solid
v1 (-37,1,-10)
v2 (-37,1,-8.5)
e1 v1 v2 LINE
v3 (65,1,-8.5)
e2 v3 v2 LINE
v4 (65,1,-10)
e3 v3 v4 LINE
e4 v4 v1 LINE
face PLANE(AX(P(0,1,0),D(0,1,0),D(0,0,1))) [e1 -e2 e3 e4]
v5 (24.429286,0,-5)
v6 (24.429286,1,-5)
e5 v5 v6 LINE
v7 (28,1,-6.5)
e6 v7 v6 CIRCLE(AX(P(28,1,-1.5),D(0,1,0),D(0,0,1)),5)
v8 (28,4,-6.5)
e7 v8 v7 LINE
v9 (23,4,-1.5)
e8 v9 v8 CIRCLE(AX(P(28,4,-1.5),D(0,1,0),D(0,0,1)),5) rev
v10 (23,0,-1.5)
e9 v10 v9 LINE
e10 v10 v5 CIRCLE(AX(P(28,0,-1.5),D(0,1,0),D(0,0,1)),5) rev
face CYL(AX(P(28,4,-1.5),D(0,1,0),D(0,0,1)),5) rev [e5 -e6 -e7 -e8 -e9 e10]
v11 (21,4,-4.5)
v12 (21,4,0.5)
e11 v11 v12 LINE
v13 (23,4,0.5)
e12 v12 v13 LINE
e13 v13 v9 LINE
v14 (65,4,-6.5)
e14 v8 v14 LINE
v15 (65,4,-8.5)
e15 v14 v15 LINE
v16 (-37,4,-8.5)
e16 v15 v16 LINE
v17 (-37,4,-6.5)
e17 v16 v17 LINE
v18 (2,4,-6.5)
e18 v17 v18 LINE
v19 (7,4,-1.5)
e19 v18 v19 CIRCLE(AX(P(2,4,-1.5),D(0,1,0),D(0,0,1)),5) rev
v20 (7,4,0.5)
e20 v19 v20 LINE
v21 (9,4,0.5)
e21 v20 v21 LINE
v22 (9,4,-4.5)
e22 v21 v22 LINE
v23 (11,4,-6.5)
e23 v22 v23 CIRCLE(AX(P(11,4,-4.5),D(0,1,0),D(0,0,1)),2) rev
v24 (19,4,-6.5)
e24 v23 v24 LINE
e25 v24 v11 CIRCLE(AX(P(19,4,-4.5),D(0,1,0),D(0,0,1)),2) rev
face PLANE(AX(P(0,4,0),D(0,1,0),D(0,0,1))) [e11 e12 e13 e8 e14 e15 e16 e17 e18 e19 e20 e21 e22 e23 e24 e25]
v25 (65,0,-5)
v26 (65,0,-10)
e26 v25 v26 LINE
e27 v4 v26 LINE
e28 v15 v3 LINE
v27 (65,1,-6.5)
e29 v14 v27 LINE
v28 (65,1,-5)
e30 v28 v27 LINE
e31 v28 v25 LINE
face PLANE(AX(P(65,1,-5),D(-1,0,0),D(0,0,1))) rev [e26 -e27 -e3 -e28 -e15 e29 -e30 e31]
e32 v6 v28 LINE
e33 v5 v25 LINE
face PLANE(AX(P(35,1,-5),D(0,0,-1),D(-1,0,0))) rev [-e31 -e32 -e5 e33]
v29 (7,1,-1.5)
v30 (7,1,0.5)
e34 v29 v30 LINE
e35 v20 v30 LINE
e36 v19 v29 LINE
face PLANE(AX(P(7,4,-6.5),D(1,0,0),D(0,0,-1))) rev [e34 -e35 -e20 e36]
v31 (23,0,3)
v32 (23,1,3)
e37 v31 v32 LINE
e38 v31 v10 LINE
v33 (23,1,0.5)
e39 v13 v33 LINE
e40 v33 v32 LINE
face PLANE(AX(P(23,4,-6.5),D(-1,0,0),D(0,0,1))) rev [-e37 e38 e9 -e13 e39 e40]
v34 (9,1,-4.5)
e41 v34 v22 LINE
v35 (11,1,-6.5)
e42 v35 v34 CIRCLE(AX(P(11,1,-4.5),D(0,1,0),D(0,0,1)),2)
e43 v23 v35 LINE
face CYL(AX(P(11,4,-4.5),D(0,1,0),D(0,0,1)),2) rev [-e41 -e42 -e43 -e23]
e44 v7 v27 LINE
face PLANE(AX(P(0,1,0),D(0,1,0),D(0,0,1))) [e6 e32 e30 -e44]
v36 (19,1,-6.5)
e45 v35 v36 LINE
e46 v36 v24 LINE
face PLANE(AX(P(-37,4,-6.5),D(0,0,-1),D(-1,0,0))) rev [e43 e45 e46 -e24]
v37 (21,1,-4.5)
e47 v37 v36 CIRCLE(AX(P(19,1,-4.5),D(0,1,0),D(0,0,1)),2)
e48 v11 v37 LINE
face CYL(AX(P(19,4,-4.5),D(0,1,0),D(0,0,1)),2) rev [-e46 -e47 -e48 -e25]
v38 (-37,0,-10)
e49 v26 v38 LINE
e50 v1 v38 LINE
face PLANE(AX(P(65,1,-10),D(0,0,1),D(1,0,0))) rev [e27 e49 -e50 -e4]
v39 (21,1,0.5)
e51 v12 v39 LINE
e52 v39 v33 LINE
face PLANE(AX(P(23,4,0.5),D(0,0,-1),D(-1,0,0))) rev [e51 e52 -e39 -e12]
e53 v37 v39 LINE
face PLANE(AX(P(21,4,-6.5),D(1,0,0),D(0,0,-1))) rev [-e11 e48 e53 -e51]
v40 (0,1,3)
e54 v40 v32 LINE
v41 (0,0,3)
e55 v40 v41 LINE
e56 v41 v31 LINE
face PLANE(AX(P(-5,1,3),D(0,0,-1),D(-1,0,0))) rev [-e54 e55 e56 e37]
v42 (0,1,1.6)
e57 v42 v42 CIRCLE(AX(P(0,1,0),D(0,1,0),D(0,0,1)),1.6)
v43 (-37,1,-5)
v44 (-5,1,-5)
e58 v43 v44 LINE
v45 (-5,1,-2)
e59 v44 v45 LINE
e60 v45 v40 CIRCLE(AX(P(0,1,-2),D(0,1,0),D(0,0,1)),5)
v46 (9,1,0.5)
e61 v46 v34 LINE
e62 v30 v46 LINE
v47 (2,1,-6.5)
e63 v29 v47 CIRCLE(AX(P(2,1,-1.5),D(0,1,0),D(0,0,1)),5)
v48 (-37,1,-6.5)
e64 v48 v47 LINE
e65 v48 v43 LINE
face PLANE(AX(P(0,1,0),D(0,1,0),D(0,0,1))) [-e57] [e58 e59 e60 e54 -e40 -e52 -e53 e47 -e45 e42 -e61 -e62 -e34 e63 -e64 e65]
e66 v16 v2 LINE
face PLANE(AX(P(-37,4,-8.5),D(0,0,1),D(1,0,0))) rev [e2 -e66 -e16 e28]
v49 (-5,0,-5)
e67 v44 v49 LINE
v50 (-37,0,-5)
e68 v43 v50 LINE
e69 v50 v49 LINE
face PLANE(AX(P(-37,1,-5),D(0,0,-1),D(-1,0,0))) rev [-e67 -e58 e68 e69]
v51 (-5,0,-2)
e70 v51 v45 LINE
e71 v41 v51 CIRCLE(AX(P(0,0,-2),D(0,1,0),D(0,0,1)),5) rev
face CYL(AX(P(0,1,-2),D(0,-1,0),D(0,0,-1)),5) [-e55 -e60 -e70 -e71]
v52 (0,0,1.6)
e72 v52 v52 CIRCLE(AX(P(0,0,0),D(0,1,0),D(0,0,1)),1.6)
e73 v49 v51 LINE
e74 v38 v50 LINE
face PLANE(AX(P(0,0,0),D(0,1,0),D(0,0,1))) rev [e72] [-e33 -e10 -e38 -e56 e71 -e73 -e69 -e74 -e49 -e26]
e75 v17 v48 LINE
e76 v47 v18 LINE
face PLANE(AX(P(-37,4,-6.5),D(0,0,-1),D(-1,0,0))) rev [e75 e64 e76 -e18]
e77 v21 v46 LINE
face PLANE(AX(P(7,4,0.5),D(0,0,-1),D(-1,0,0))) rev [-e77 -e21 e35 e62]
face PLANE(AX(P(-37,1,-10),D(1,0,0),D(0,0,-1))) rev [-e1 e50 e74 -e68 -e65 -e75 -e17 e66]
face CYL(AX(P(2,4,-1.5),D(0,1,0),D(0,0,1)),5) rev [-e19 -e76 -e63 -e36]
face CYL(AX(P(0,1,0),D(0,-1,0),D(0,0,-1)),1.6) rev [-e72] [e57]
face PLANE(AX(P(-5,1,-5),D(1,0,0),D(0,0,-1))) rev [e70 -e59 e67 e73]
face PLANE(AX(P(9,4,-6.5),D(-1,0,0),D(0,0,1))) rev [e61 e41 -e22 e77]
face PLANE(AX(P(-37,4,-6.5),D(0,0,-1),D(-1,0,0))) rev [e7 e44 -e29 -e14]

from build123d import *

# Parameters (mm, degrees)
SKETCH_1_R          = 1.6
EXTRUDE_1_DEPTH     = 1
SKETCH_2_W          = 102
SKETCH_2_H          = 2
EXTRUDE_2_DEPTH     = 3
SKETCH_3_W          = 2
SKETCH_3_H          = 7
EXTRUDE_3_DEPTH     = 3
FILLET_1_R          = 5
FILLET_2_R          = 2
CUT_EXTRUDE_1_REACH = 67.833


with BuildPart() as part:
    # 草图1 → 凸台-拉伸1 (new body)
    with BuildSketch(Plane(origin=(0, 0, 0), x_dir=(1, 0, 0), z_dir=(0, 1, 0))):
        Polygon((-37, 10), (-37, 5), (-5, 5), (-5, -3), (35, -3), (35, 5), (65, 5), (65, 10), align=None)
        with Locations(Location((0, 0, 0), (0, 0, 270))):
            Circle(SKETCH_1_R, mode=Mode.SUBTRACT)
        with Locations(Location((30, 0, 0), (0, 0, 270))):
            Circle(SKETCH_1_R, mode=Mode.SUBTRACT)
    extrude(amount=EXTRUDE_1_DEPTH)

    # 草图2 → 凸台-拉伸2 (add)
    with BuildSketch(Plane(origin=(0, 1, 0), x_dir=(1, 0, 0), z_dir=(0, 1, 0))):
        with Locations((14, 7.5)):
            Rectangle(SKETCH_2_W, SKETCH_2_H)
    extrude(amount=EXTRUDE_2_DEPTH)

    # 草图3 → 凸台-拉伸3 (add)
    with BuildSketch(Plane(origin=(0, 1, 0), x_dir=(1, 0, 0), z_dir=(0, 1, 0))):
        with Locations((8, 3)):
            Rectangle(SKETCH_3_W, SKETCH_3_H)
        with Locations((22, 3)):
            Rectangle(SKETCH_3_W, SKETCH_3_H)
    extrude(amount=EXTRUDE_3_DEPTH)

    # 圆角1
    fillet_1_edges = [part.edges().sort_by_distance(p)[0] for p in [
        (35, 0.5, 3),
        (-5, 0.5, 3),
        (7, 2.5, -6.5),
        (23, 2.5, -6.5),
    ]]
    fillet(fillet_1_edges, radius=FILLET_1_R)

    # 圆角2
    fillet_2_edges = [part.edges().sort_by_distance(p)[0] for p in [
        (9, 2.5, -6.5),
        (21, 2.5, -6.5),
    ]]
    fillet(fillet_2_edges, radius=FILLET_2_R)

    # 草图4 → 切除-拉伸1 (cut, up to next)
    with BuildSketch(Plane(origin=(0, 1, 0), x_dir=(1, 0, 0), z_dir=(0, 1, 0)), mode=Mode.PRIVATE) as cut_extrude_1_sk1:
        with BuildLine():
            Line((23, -3), (30, -3))
            ThreePointArc((30, -3), (33.535533906, -1.535533906), (35, 2))
            Line((35, 2), (35, 5))
            Line((35, 5), (24.429285786, 5))
            ThreePointArc((24.429285786, 5), (23.371092404, 3.390294809), (23, 1.5))
            Line((23, 1.5), (23, -0.5))
            Line((23, -0.5), (23, -3))
        make_face()
    cut_extrude_1_tool1 = extrude(cut_extrude_1_sk1.sketch, amount=-CUT_EXTRUDE_1_REACH, mode=Mode.PRIVATE) & part.part
    add(cut_extrude_1_tool1.solids().sort_by_distance((28.803609, 1, -1.118494))[0], mode=Mode.SUBTRACT)


solid = part.part
